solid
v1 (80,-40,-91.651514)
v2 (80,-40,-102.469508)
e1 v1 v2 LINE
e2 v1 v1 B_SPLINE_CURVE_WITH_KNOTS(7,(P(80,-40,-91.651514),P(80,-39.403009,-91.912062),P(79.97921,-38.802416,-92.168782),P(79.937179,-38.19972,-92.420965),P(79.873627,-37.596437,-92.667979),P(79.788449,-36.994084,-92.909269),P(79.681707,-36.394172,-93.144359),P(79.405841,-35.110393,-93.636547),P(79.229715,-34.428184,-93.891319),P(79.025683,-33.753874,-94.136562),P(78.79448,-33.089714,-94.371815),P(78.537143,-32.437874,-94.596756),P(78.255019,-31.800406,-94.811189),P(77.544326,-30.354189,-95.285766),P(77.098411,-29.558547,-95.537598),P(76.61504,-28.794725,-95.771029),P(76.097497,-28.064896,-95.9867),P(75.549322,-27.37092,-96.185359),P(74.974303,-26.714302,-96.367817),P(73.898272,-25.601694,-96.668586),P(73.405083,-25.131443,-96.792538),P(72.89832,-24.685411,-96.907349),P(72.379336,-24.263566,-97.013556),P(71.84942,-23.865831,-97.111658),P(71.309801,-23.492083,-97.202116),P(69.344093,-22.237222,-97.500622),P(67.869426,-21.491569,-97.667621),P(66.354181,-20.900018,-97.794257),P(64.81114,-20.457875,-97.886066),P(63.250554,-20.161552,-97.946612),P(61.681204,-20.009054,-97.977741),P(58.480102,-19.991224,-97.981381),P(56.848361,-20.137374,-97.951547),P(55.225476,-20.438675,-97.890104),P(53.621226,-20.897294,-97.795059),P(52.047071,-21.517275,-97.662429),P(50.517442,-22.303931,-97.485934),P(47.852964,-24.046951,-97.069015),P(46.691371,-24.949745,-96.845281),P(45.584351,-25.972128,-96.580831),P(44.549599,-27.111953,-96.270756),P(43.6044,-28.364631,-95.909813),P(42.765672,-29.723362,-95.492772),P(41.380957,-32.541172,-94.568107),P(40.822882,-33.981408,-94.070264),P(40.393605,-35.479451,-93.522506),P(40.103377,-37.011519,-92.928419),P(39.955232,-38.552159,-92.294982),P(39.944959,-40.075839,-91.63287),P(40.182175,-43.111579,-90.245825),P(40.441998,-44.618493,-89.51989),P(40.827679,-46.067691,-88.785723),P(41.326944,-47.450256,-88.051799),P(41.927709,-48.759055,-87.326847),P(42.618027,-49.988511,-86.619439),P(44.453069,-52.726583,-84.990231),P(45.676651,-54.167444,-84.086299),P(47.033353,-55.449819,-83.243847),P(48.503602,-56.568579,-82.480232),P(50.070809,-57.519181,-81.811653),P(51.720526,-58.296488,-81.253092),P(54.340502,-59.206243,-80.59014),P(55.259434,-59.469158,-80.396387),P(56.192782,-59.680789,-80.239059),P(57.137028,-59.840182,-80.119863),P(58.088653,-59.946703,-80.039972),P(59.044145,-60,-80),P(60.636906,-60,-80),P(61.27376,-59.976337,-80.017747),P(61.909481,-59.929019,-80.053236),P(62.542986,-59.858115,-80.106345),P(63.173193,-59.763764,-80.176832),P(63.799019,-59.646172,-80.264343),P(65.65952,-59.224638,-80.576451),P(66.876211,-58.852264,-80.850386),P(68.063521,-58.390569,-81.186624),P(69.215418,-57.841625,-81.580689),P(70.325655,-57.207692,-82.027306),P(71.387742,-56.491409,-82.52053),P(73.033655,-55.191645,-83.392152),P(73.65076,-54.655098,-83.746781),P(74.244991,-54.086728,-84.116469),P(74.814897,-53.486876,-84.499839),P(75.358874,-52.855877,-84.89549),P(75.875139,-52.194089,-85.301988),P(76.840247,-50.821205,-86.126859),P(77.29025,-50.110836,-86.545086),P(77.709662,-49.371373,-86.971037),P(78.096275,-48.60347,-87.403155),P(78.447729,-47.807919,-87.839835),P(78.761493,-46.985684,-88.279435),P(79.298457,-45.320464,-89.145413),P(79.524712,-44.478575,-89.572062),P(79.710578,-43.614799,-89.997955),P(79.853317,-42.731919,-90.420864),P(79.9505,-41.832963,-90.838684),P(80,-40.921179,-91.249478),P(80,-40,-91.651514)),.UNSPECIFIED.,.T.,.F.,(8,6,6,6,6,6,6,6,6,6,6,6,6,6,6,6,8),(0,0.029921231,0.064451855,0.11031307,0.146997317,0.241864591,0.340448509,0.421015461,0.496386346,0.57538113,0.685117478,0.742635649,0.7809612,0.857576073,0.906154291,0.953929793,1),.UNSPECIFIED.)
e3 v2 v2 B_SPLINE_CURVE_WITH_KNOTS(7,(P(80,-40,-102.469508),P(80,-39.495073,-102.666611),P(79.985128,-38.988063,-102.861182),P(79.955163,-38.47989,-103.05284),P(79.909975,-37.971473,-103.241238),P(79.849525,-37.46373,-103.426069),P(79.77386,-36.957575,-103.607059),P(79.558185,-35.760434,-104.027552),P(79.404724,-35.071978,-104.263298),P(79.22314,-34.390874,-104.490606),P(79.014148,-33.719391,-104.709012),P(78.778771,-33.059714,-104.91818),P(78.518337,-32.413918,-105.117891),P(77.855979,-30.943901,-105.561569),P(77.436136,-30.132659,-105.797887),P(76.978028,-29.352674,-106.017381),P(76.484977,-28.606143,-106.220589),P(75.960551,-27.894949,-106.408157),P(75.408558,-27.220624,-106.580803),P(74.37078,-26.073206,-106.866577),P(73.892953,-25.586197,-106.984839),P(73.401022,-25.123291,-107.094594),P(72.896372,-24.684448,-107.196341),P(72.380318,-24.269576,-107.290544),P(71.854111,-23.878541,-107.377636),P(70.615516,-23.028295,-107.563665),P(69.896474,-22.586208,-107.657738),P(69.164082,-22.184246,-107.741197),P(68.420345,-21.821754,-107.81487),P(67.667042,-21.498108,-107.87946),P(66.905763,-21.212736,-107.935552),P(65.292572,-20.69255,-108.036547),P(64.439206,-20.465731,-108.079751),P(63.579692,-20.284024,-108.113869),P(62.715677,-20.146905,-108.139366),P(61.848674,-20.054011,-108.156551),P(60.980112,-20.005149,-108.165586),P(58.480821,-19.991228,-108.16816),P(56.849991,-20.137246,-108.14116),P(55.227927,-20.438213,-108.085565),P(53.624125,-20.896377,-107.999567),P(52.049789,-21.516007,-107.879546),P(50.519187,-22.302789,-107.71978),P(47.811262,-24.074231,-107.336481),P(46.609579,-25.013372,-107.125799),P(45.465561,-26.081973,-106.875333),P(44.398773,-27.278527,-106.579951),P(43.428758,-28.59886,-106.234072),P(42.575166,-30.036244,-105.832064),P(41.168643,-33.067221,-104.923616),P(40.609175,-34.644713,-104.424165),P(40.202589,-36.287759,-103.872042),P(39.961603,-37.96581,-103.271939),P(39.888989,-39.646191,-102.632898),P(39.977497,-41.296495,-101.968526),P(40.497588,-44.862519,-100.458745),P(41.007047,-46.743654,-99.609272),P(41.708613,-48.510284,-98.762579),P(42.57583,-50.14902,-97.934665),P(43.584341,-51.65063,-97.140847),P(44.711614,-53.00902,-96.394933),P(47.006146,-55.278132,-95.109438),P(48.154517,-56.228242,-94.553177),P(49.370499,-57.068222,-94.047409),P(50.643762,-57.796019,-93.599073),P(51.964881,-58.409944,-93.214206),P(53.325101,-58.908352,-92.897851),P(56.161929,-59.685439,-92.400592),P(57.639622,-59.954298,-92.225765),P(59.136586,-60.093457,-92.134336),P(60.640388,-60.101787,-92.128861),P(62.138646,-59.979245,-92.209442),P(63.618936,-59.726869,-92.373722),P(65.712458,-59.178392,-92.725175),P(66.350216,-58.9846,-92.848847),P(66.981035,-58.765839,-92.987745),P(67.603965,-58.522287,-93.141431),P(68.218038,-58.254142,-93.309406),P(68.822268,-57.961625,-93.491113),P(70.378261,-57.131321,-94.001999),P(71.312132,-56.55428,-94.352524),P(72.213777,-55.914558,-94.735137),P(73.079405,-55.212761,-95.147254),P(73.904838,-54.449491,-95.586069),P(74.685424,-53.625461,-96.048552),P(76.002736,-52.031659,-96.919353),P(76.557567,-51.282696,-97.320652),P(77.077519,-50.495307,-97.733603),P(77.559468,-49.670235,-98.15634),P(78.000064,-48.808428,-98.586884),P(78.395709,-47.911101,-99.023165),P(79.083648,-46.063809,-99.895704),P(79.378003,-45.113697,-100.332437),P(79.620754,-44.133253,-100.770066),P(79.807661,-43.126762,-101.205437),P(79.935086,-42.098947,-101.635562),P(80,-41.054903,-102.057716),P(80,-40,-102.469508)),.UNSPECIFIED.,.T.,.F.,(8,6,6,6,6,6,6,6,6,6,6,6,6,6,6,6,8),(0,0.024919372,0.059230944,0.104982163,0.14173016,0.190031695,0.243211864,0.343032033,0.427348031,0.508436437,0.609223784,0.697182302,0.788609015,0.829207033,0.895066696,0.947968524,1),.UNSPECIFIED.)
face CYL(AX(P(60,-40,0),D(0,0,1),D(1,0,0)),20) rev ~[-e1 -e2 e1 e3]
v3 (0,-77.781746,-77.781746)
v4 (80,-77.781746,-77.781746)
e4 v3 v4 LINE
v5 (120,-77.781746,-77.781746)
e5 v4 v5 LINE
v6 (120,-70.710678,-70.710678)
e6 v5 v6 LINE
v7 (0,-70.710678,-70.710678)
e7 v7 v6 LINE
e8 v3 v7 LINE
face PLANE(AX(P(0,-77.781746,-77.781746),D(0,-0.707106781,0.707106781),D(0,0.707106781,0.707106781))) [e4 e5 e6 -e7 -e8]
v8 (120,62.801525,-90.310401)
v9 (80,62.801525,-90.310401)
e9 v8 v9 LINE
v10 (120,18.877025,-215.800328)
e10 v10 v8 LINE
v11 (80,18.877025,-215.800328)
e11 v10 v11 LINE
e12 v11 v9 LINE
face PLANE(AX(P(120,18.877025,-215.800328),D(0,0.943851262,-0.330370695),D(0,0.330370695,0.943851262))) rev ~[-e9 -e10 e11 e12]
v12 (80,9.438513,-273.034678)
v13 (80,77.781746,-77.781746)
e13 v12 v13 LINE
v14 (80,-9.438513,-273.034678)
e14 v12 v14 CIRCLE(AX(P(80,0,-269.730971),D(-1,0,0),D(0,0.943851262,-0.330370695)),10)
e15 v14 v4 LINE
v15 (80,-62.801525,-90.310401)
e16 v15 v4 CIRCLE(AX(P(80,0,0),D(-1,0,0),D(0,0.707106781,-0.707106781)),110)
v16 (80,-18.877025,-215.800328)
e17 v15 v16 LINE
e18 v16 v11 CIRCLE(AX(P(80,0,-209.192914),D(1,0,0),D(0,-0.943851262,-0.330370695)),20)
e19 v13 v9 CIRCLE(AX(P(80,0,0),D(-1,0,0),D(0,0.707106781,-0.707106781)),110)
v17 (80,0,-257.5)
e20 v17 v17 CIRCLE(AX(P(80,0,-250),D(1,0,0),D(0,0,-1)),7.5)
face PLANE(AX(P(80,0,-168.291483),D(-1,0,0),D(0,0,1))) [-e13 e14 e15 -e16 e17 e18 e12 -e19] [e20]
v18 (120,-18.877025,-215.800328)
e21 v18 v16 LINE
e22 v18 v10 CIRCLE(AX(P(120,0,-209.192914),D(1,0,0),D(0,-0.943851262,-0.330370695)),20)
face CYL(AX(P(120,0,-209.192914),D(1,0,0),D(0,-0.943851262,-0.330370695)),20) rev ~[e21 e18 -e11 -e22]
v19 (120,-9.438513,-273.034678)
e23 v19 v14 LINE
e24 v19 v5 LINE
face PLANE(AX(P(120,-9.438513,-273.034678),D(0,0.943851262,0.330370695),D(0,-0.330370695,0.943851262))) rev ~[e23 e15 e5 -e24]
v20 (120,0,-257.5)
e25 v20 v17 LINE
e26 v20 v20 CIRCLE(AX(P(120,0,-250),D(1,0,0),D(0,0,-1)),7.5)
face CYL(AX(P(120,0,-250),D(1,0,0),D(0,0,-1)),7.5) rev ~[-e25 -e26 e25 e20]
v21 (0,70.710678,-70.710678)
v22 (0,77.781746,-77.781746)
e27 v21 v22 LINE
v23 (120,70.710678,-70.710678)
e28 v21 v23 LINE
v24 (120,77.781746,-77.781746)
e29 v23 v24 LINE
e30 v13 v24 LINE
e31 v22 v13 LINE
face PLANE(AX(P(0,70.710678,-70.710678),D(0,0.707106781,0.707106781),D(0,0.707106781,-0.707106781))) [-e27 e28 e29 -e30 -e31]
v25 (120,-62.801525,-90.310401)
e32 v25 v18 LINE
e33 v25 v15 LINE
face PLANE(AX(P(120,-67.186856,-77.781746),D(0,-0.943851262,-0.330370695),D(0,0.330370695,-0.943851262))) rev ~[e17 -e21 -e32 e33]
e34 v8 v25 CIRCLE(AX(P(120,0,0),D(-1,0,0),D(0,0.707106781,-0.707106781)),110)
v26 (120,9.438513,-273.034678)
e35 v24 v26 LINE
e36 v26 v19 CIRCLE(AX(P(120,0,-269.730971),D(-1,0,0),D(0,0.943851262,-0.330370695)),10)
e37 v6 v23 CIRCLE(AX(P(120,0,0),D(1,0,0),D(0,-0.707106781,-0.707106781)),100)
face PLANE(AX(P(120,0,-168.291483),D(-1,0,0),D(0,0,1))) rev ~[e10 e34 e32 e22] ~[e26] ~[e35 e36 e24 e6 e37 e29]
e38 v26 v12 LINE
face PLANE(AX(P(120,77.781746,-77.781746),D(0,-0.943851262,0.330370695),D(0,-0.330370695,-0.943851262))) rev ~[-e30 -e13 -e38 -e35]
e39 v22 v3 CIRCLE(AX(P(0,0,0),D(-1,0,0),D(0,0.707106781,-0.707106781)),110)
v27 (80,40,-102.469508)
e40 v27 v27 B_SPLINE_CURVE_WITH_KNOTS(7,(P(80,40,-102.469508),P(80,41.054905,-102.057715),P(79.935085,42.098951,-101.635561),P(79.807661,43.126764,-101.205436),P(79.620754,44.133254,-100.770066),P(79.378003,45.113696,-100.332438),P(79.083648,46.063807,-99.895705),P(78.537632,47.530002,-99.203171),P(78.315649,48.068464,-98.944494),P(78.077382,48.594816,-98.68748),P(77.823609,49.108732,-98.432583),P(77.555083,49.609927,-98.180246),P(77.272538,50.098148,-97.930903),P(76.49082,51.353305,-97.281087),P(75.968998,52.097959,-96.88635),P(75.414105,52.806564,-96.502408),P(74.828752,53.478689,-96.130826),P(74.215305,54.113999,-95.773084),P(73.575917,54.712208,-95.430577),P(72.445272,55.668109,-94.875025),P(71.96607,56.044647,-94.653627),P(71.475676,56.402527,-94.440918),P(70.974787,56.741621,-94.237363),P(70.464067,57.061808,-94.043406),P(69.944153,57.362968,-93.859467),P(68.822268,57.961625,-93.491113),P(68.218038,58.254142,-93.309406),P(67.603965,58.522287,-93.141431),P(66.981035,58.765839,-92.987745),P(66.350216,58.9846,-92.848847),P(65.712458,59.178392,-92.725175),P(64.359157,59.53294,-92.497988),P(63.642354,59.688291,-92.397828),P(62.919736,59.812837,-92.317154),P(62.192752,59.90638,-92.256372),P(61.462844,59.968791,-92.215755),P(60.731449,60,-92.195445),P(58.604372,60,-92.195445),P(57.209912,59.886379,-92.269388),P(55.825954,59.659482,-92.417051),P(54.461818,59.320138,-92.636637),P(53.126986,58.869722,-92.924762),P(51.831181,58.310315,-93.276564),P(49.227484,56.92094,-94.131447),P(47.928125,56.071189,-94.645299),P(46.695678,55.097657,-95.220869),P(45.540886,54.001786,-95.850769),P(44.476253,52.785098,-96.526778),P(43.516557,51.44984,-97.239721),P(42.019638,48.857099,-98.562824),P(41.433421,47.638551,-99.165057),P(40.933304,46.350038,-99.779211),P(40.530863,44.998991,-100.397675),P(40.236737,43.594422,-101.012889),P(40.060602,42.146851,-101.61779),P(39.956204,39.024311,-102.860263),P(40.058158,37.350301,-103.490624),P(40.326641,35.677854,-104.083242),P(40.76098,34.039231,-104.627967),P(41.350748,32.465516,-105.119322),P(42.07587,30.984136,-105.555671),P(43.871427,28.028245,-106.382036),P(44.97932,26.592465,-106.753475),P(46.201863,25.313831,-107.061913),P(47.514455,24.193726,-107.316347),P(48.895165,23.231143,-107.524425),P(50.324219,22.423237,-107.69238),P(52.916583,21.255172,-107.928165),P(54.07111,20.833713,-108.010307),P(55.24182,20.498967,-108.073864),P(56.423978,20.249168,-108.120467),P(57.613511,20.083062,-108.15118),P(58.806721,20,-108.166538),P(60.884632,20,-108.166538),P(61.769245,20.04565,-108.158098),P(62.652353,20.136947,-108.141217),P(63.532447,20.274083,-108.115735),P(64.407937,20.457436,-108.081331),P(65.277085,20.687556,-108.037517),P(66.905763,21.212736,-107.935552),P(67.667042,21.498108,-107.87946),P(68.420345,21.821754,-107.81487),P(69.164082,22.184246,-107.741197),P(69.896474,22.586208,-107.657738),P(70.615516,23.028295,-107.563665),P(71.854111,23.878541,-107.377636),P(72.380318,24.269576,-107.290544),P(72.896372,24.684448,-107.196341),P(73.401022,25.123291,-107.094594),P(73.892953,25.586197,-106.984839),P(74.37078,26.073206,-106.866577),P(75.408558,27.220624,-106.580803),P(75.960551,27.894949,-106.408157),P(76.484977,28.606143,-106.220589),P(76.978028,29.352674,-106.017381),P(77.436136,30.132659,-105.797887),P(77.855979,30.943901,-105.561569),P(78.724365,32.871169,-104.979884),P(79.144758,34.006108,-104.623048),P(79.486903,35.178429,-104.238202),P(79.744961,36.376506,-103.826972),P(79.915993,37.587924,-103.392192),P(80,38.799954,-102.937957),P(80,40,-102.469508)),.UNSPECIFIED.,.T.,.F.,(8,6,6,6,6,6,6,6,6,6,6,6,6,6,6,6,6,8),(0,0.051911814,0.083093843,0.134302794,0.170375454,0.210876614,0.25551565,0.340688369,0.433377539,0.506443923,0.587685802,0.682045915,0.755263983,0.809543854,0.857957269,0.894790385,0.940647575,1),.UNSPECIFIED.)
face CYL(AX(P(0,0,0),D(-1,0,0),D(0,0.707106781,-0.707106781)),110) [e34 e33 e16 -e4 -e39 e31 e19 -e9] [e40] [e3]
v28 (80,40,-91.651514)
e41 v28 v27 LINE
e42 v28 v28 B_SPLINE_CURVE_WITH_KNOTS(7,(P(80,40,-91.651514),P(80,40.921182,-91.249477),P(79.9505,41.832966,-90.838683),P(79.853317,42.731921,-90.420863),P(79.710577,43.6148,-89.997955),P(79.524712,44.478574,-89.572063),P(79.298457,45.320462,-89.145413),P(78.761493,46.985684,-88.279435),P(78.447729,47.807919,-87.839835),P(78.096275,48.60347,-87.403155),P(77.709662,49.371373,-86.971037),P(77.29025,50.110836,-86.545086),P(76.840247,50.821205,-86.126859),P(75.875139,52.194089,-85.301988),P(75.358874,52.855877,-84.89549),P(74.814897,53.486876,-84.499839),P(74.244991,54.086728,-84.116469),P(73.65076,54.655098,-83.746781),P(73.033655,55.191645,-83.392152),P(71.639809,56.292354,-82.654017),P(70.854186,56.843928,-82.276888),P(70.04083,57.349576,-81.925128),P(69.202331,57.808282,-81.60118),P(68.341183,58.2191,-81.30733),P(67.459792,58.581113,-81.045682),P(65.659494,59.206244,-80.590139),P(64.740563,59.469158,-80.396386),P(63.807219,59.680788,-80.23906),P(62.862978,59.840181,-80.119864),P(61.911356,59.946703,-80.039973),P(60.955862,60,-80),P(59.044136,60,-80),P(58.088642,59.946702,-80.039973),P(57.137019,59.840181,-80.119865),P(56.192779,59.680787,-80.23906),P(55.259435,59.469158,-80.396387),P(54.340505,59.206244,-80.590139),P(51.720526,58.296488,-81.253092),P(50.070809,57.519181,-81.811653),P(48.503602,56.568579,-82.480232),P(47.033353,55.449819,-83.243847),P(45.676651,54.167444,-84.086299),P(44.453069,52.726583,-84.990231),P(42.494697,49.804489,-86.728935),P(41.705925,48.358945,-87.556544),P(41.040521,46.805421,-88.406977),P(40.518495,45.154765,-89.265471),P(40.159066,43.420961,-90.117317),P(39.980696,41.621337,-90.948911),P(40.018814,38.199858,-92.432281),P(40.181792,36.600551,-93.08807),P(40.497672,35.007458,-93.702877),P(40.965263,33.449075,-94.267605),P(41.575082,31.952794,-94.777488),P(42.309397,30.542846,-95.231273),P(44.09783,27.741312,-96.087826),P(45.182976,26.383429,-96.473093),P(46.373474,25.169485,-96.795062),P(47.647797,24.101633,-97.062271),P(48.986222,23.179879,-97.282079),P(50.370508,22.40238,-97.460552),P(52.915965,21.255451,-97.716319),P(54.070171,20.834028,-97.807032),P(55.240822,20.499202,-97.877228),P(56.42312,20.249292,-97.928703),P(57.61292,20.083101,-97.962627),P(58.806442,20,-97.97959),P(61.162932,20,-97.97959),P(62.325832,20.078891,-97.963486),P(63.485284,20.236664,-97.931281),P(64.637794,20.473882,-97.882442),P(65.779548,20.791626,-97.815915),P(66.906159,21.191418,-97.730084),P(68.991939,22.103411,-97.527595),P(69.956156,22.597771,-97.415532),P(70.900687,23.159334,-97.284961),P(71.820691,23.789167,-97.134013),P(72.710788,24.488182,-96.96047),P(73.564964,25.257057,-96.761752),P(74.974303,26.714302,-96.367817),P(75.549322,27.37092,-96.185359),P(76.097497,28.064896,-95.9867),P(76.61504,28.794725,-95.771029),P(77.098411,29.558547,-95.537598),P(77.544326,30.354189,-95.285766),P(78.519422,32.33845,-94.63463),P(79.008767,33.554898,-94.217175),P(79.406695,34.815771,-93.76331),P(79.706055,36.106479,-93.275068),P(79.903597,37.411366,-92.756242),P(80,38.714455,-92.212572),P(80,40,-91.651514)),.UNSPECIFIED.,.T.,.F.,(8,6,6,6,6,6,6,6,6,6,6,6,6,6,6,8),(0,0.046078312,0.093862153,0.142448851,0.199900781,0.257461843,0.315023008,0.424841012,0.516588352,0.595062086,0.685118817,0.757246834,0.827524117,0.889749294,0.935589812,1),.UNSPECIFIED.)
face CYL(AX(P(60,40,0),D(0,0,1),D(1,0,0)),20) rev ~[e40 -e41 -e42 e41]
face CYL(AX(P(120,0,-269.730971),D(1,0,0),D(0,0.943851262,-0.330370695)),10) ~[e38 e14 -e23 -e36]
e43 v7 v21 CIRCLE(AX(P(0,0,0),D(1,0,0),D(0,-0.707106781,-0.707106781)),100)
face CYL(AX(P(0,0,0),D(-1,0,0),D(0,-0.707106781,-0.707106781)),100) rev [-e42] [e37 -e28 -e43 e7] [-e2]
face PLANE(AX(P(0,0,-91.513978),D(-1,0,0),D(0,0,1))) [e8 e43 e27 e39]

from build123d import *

# Parameters (mm, degrees)
BOSS_EXTRUDE1_DEPTH = 120
BOSS_EXTRUDE2_DEPTH = 40
SKETCH4_R           = 7.5
CUT_EXTRUDE1_DEPTH  = 40
SKETCH6_R           = 20
CUT_EXTRUDE2_DEPTH  = 280.73097144


with BuildPart() as part:
    # Sketch1 → Boss-Extrude1 (new body)
    with BuildSketch(Plane(origin=(0, 0, 0), x_dir=(0, 0, -1), z_dir=(1, 0, 0))):
        with BuildLine():
            Line((70.710678119, 70.710678119), (77.781745931, 77.781745931))
            ThreePointArc((77.781745931, 77.781745931), (110, 0), (77.781745931, -77.781745931))
            Line((77.781745931, -77.781745931), (70.710678119, -70.710678119))
            ThreePointArc((70.710678119, -70.710678119), (100, 0), (70.710678119, 70.710678119))
        make_face()
    extrude(amount=BOSS_EXTRUDE1_DEPTH)

    # Sketch2 → Boss-Extrude2 (add)
    with BuildSketch(Plane(origin=(120, 0, 0), x_dir=(0, 0, -1), z_dir=(1, 0, 0))):
        with BuildLine():
            Line((77.781745931, 77.781745931), (273.03467839, 9.438512616))
            ThreePointArc((273.03467839, 9.438512616), (279.73097144, 0), (273.03467839, -9.438512616))
            Line((273.03467839, -9.438512616), (77.781745931, -77.781745931))
            Line((77.781745931, -77.781745931), (77.781745931, -67.18685624))
            Line((77.781745931, -67.18685624), (215.80032822, -18.877025231))
            ThreePointArc((215.80032822, -18.877025231), (229.192914321, 0), (215.80032822, 18.877025231))
            Line((215.80032822, 18.877025231), (77.781745931, 67.18685624))
            Line((77.781745931, 67.18685624), (77.781745931, 77.781745931))
        make_face()
    extrude(amount=-BOSS_EXTRUDE2_DEPTH)

    # Sketch4 → Cut-Extrude1 (cut)
    with BuildSketch(Plane(origin=(120, 0, 0), x_dir=(0, 0, -1), z_dir=(1, 0, 0))):
        with Locations((250, 0)):
            Circle(SKETCH4_R)
    extrude(amount=-CUT_EXTRUDE1_DEPTH, mode=Mode.SUBTRACT)

    # Sketch6 → Cut-Extrude2 (cut, through all)
    with BuildSketch(Plane.XY):
        with Locations((60, 40)):
            Circle(SKETCH6_R)
        with Locations((60, -40)):
            Circle(SKETCH6_R)
    extrude(amount=-CUT_EXTRUDE2_DEPTH, mode=Mode.SUBTRACT)


solid = part.part
